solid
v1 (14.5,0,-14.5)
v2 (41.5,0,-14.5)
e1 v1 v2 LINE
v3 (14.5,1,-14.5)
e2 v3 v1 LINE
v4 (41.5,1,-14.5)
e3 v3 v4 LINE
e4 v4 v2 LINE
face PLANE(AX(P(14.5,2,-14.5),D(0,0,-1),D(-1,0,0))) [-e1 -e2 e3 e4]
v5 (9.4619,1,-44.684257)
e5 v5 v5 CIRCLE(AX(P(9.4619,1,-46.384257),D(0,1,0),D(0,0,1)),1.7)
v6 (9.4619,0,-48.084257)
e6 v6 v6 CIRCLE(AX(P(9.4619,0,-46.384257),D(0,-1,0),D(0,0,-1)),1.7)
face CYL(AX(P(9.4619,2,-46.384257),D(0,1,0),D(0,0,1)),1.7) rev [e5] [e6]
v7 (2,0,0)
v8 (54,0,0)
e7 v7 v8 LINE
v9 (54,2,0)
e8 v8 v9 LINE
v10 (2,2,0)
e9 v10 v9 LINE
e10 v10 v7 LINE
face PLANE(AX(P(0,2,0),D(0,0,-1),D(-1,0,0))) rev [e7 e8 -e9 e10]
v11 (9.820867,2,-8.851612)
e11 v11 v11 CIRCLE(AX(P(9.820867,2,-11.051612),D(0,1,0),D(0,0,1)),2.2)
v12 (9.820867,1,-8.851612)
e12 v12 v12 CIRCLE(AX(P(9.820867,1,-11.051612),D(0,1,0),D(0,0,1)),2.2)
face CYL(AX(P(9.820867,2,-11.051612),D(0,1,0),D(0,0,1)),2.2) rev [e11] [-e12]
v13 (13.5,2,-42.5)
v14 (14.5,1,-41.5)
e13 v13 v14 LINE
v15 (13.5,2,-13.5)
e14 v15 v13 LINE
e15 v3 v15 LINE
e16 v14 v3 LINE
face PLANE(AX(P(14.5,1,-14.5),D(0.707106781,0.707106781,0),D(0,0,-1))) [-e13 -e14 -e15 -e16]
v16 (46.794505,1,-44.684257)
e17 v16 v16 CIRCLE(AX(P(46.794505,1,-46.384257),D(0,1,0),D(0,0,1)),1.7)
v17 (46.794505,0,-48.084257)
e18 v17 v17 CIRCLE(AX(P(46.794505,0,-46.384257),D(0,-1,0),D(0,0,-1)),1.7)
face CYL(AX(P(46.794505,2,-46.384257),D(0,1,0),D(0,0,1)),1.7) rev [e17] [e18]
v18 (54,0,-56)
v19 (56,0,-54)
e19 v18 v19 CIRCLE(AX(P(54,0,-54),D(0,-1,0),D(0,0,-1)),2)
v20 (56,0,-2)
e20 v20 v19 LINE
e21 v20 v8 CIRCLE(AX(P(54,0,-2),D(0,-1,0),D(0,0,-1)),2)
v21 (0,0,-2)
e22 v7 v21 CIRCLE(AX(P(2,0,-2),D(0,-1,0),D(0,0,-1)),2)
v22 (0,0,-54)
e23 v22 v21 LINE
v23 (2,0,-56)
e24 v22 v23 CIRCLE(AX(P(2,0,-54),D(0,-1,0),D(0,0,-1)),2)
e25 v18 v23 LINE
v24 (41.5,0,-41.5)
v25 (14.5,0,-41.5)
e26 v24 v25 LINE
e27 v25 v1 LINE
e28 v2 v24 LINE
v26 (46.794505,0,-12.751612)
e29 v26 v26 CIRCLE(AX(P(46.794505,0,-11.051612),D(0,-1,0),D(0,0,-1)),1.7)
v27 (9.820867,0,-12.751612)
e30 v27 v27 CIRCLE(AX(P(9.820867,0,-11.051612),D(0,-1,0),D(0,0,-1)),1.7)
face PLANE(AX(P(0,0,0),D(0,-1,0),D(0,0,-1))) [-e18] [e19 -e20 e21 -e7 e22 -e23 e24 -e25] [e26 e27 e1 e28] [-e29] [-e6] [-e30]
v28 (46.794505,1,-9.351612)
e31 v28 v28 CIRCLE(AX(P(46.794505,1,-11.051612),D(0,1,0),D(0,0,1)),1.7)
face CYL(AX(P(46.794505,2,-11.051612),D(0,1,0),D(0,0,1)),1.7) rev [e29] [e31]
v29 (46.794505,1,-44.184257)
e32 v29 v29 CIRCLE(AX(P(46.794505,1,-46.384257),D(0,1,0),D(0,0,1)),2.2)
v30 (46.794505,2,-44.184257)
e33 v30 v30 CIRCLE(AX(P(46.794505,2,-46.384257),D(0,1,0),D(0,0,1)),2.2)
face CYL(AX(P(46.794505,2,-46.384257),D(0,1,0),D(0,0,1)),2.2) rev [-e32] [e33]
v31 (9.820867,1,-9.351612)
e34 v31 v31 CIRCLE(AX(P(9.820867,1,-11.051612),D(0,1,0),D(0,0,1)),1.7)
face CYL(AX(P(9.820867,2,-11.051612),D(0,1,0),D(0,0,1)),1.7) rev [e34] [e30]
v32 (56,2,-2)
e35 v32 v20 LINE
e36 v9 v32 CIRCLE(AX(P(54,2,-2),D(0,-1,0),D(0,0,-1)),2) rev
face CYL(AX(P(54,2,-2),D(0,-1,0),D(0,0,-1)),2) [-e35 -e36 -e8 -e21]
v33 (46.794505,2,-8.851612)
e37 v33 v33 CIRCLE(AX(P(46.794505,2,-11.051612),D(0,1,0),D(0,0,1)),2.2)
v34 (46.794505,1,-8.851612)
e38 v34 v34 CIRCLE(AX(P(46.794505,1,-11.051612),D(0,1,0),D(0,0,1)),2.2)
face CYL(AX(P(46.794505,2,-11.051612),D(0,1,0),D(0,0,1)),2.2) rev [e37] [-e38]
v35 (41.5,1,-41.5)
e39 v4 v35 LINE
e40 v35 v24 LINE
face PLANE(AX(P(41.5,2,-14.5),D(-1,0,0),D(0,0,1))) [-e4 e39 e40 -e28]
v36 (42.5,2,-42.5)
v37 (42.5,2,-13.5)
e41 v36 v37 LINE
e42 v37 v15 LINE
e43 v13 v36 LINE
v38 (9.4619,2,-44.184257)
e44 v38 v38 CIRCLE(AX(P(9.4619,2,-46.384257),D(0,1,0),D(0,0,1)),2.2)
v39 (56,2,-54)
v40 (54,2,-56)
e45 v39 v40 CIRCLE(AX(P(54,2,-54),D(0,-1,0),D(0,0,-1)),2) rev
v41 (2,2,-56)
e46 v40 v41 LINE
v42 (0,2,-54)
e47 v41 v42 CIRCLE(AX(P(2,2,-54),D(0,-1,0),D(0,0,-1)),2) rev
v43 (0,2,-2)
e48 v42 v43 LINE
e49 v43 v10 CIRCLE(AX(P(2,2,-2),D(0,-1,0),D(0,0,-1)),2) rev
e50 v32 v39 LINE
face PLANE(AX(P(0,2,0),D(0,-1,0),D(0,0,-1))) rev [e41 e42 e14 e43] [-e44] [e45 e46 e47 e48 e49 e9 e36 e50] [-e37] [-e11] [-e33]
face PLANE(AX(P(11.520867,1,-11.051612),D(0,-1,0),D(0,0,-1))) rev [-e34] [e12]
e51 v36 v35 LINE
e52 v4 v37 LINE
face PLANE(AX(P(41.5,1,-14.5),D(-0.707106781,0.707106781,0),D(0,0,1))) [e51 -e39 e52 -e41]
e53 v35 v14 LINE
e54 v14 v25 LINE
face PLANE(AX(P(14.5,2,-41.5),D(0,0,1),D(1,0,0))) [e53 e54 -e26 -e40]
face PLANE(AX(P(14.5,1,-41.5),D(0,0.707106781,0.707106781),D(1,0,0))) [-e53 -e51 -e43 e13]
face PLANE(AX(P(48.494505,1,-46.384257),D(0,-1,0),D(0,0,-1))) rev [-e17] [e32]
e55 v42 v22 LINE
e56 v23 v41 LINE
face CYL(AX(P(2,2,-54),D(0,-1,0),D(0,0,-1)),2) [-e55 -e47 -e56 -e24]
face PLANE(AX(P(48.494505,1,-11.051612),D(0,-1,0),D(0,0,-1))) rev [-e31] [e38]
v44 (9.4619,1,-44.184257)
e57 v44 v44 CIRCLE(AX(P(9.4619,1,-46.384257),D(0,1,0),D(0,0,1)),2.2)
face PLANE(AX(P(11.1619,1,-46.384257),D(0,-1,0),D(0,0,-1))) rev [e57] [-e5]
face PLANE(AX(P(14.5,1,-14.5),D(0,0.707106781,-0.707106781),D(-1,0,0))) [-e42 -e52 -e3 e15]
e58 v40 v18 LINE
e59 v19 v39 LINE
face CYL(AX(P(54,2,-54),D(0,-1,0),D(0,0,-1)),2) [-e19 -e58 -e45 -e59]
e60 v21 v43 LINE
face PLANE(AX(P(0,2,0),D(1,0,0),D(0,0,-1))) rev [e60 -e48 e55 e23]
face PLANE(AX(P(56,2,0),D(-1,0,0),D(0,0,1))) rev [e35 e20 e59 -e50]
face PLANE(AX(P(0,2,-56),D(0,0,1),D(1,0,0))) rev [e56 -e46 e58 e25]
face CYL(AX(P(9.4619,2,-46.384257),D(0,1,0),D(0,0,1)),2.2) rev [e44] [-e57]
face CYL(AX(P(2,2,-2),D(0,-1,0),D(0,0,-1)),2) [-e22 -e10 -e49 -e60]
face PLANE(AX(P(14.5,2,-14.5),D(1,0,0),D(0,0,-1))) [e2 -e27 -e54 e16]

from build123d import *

# Parameters (mm, degrees)
SKETCH1_W                                            = 56
SKETCH1_H                                            = 56
SKETCH1_W_2                                          = 27
SKETCH1_H_2                                          = 27
BOSS_EXTRUDE1_DEPTH                                  = 2
CHAMFER1_SIZE                                        = 1
CBORE_FOR_M3_CROSS_RECESS_PAN_HEAD_SCREW_D           = 3.4
CBORE_FOR_M3_CROSS_RECESS_PAN_HEAD_SCREW_DEPTH       = 5
CBORE_FOR_M3_CROSS_RECESS_PAN_HEAD_SCREW_CBORE_D     = 4.4
CBORE_FOR_M3_CROSS_RECESS_PAN_HEAD_SCREW_CBORE_DEPTH = 1
CBORE_FOR_M3_CROSS_RECESS_PAN_HEAD_SCREW_TIP         = 1.021463052
FILLET1_R                                            = 2


with BuildPart() as part:
    # Sketch1 → Boss-Extrude1 (new body)
    with BuildSketch(Plane(origin=(0, 0, 0), x_dir=(1, 0, 0), z_dir=(0, 1, 0))):
        with Locations((28, 28)):
            Rectangle(SKETCH1_W, SKETCH1_H)
        with Locations((28, 28)):
            Rectangle(SKETCH1_W_2, SKETCH1_H_2, mode=Mode.SUBTRACT)
    extrude(amount=BOSS_EXTRUDE1_DEPTH)

    # Chamfer1
    chamfer1_edges = [part.edges().sort_by_distance(p)[0] for p in [
        (14.5, 2, -28),
        (28, 2, -14.5),
        (41.5, 2, -28),
        (28, 2, -41.5),
    ]]
    chamfer(chamfer1_edges, length=CHAMFER1_SIZE)

    # CBORE for M3 Cross Recess Pan Head Screw1
    with Locations(Plane(origin=(0, 2, 0), x_dir=(1, 0, 0), z_dir=(0, 1, 0))):
        with Locations((9.461899873, 46.384256973), (46.794505385, 46.384256973), (46.794505385, 11.05161247), (9.820867233, 11.05161247)):
            CounterBoreHole(CBORE_FOR_M3_CROSS_RECESS_PAN_HEAD_SCREW_D / 2, CBORE_FOR_M3_CROSS_RECESS_PAN_HEAD_SCREW_CBORE_D / 2, CBORE_FOR_M3_CROSS_RECESS_PAN_HEAD_SCREW_CBORE_DEPTH, depth=CBORE_FOR_M3_CROSS_RECESS_PAN_HEAD_SCREW_DEPTH)
            with Locations((0, 0, -(CBORE_FOR_M3_CROSS_RECESS_PAN_HEAD_SCREW_DEPTH + CBORE_FOR_M3_CROSS_RECESS_PAN_HEAD_SCREW_TIP / 2))):  # 118° drill point
                Cone(0, CBORE_FOR_M3_CROSS_RECESS_PAN_HEAD_SCREW_D / 2, CBORE_FOR_M3_CROSS_RECESS_PAN_HEAD_SCREW_TIP, mode=Mode.SUBTRACT)

    # Fillet1
    fillet1_edges = [part.edges().sort_by_distance(p)[0] for p in [
        (0, 1, -56),
        (56, 1, -56),
        (56, 1, 0),
        (0, 1, 0),
    ]]
    fillet(fillet1_edges, radius=FILLET1_R)


solid = part.part
